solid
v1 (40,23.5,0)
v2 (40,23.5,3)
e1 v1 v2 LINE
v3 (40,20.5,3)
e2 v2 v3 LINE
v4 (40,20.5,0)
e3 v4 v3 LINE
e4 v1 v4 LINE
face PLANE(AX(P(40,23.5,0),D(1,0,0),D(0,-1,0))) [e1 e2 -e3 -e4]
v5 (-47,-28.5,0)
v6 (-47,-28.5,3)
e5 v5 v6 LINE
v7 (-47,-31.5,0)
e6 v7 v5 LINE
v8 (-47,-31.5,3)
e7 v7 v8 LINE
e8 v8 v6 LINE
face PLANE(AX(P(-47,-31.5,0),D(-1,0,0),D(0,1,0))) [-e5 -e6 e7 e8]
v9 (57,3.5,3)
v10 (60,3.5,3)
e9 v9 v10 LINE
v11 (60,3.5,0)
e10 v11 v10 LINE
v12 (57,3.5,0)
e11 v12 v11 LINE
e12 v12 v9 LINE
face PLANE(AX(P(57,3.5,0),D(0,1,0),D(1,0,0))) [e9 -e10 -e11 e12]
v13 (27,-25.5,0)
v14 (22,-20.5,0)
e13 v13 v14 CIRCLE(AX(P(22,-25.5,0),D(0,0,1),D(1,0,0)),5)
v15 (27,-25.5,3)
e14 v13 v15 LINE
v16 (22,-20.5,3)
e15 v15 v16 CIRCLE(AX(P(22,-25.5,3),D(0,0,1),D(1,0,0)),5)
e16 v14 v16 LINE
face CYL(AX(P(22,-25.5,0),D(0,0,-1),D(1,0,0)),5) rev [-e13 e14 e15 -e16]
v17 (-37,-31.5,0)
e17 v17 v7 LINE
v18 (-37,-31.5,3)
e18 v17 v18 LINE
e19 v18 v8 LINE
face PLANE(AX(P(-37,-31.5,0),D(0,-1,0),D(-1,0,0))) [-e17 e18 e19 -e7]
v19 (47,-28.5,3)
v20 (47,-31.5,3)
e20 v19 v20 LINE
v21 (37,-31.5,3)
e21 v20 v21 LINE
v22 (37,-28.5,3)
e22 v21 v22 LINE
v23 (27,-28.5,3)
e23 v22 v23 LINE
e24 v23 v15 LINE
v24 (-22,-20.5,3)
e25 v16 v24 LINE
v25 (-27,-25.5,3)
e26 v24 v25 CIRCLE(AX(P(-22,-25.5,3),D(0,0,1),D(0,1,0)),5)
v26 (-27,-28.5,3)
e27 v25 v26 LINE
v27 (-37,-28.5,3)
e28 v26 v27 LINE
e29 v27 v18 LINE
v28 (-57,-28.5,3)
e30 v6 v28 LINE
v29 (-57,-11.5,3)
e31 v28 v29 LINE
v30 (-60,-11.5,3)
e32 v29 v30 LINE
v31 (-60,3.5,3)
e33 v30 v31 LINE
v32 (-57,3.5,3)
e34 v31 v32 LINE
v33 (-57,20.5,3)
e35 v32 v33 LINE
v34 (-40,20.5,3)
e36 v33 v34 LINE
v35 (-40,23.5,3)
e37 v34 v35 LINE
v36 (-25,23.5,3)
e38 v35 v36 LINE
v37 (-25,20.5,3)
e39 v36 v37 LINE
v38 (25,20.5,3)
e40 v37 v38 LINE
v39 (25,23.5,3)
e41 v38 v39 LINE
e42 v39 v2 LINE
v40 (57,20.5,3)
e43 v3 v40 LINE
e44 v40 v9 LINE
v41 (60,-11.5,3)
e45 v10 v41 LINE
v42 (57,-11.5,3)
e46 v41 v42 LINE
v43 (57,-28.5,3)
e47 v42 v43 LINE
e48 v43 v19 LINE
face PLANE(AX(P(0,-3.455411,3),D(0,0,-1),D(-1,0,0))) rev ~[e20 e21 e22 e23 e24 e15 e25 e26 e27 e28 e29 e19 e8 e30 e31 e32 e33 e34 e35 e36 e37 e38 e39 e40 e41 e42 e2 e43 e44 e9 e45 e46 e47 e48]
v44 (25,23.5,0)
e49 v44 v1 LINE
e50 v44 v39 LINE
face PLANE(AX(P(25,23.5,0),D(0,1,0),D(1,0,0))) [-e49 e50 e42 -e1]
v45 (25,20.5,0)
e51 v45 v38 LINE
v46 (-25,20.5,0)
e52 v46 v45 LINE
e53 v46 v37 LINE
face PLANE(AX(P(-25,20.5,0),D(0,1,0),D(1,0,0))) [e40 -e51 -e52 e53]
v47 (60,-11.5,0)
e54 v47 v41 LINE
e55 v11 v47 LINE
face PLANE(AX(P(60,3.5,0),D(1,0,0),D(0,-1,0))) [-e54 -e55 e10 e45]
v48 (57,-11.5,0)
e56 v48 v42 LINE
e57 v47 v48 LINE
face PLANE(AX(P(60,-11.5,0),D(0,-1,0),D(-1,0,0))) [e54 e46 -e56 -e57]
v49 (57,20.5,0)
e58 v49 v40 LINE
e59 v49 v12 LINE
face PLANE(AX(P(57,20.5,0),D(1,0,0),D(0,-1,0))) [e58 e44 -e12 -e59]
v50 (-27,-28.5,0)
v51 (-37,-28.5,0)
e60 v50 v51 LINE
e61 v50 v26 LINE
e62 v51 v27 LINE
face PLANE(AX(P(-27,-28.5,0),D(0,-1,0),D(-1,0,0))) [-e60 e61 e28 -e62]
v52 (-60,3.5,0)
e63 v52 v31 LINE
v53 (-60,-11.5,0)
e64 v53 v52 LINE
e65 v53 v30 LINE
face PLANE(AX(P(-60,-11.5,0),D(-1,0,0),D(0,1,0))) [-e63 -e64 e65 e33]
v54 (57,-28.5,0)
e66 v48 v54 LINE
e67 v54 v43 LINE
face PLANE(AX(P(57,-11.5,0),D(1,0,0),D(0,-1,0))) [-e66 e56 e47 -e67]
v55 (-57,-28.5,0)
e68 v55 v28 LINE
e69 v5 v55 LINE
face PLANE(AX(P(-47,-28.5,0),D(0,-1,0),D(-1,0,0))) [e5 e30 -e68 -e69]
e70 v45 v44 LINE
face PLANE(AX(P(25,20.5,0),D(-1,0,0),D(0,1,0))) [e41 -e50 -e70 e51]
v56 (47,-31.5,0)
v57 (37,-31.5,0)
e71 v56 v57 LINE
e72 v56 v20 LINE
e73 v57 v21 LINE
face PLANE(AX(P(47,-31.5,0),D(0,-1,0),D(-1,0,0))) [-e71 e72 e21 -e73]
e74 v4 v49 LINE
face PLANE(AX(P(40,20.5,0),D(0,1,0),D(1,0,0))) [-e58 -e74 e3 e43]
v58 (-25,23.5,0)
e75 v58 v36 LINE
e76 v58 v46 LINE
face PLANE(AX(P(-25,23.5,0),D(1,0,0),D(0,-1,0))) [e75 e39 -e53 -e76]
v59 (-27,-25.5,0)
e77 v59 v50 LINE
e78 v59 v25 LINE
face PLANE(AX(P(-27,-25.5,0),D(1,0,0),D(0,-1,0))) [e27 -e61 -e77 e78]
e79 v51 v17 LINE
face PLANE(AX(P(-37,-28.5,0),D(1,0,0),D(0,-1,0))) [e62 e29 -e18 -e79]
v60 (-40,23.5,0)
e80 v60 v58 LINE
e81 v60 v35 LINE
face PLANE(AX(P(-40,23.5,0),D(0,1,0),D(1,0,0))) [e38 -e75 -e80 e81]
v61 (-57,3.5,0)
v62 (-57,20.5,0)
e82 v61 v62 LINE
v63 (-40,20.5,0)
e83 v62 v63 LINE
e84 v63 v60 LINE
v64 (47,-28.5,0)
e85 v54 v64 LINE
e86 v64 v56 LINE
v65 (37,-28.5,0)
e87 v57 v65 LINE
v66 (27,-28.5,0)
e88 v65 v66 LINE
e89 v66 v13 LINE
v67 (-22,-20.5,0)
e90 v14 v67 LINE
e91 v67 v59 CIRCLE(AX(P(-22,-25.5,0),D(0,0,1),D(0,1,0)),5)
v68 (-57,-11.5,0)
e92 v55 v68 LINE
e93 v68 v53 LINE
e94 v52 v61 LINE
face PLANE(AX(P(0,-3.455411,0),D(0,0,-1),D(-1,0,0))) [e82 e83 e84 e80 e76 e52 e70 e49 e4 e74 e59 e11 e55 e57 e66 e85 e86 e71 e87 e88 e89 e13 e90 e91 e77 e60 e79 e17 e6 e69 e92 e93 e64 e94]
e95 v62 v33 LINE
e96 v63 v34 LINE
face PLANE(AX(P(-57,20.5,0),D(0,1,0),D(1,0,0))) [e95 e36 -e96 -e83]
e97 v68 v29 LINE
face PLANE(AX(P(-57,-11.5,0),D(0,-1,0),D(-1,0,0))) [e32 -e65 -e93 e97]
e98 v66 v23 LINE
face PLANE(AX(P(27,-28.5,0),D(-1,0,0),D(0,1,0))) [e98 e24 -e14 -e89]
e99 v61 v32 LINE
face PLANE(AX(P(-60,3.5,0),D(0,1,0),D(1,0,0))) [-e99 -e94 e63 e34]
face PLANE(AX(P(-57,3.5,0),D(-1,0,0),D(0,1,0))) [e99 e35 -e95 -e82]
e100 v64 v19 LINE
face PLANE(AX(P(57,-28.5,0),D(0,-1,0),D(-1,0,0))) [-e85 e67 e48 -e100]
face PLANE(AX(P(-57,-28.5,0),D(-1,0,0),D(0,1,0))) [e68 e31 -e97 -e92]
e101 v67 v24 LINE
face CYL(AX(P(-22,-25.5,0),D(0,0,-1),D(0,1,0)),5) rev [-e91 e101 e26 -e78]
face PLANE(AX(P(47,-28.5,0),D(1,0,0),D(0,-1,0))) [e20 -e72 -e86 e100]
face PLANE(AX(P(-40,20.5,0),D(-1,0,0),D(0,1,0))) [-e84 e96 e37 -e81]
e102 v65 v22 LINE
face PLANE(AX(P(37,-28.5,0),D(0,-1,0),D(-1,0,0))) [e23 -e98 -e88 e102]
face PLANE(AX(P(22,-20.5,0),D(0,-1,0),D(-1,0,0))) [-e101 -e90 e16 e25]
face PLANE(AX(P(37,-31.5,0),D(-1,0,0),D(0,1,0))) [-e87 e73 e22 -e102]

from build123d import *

# Parameters (mm, degrees)
BOSS_EXTRUDE1_DEPTH = 3


with BuildPart() as part:
    # Sketch1 → Boss-Extrude1 (new body)
    with BuildSketch(Plane.XY):
        with BuildLine():
            Line((-57, -28.5), (-57, -11.5))
            Line((-57, -11.5), (-60, -11.5))
            Line((-60, -11.5), (-60, 3.5))
            Line((-60, 3.5), (-57, 3.5))
            Line((-57, 3.5), (-57, 20.5))
            Line((-57, 20.5), (-40, 20.5))
            Line((-40, 20.5), (-40, 23.5))
            Line((-40, 23.5), (-25, 23.5))
            Line((-25, 23.5), (-25, 20.5))
            Line((-25, 20.5), (25, 20.5))
            Line((25, 20.5), (25, 23.5))
            Line((25, 23.5), (40, 23.5))
            Line((40, 23.5), (40, 20.5))
            Line((40, 20.5), (57, 20.5))
            Line((57, 20.5), (57, 3.5))
            Line((57, 3.5), (60, 3.5))
            Line((60, 3.5), (60, -11.5))
            Line((60, -11.5), (57, -11.5))
            Line((57, -11.5), (57, -28.5))
            Line((57, -28.5), (47, -28.5))
            Line((47, -28.5), (47, -31.5))
            Line((47, -31.5), (37, -31.5))
            Line((37, -31.5), (37, -28.5))
            Line((37, -28.5), (27, -28.5))
            Line((27, -28.5), (27, -25.5))
            ThreePointArc((27, -25.5), (25.535533906, -21.964466094), (22, -20.5))
            Line((22, -20.5), (-22, -20.5))
            ThreePointArc((-22, -20.5), (-25.535533906, -21.964466094), (-27, -25.5))
            Line((-27, -25.5), (-27, -28.5))
            Line((-27, -28.5), (-37, -28.5))
            Line((-37, -28.5), (-37, -31.5))
            Line((-37, -31.5), (-47, -31.5))
            Line((-47, -31.5), (-47, -28.5))
            Line((-47, -28.5), (-57, -28.5))
        make_face()
    extrude(amount=BOSS_EXTRUDE1_DEPTH)


solid = part.part
